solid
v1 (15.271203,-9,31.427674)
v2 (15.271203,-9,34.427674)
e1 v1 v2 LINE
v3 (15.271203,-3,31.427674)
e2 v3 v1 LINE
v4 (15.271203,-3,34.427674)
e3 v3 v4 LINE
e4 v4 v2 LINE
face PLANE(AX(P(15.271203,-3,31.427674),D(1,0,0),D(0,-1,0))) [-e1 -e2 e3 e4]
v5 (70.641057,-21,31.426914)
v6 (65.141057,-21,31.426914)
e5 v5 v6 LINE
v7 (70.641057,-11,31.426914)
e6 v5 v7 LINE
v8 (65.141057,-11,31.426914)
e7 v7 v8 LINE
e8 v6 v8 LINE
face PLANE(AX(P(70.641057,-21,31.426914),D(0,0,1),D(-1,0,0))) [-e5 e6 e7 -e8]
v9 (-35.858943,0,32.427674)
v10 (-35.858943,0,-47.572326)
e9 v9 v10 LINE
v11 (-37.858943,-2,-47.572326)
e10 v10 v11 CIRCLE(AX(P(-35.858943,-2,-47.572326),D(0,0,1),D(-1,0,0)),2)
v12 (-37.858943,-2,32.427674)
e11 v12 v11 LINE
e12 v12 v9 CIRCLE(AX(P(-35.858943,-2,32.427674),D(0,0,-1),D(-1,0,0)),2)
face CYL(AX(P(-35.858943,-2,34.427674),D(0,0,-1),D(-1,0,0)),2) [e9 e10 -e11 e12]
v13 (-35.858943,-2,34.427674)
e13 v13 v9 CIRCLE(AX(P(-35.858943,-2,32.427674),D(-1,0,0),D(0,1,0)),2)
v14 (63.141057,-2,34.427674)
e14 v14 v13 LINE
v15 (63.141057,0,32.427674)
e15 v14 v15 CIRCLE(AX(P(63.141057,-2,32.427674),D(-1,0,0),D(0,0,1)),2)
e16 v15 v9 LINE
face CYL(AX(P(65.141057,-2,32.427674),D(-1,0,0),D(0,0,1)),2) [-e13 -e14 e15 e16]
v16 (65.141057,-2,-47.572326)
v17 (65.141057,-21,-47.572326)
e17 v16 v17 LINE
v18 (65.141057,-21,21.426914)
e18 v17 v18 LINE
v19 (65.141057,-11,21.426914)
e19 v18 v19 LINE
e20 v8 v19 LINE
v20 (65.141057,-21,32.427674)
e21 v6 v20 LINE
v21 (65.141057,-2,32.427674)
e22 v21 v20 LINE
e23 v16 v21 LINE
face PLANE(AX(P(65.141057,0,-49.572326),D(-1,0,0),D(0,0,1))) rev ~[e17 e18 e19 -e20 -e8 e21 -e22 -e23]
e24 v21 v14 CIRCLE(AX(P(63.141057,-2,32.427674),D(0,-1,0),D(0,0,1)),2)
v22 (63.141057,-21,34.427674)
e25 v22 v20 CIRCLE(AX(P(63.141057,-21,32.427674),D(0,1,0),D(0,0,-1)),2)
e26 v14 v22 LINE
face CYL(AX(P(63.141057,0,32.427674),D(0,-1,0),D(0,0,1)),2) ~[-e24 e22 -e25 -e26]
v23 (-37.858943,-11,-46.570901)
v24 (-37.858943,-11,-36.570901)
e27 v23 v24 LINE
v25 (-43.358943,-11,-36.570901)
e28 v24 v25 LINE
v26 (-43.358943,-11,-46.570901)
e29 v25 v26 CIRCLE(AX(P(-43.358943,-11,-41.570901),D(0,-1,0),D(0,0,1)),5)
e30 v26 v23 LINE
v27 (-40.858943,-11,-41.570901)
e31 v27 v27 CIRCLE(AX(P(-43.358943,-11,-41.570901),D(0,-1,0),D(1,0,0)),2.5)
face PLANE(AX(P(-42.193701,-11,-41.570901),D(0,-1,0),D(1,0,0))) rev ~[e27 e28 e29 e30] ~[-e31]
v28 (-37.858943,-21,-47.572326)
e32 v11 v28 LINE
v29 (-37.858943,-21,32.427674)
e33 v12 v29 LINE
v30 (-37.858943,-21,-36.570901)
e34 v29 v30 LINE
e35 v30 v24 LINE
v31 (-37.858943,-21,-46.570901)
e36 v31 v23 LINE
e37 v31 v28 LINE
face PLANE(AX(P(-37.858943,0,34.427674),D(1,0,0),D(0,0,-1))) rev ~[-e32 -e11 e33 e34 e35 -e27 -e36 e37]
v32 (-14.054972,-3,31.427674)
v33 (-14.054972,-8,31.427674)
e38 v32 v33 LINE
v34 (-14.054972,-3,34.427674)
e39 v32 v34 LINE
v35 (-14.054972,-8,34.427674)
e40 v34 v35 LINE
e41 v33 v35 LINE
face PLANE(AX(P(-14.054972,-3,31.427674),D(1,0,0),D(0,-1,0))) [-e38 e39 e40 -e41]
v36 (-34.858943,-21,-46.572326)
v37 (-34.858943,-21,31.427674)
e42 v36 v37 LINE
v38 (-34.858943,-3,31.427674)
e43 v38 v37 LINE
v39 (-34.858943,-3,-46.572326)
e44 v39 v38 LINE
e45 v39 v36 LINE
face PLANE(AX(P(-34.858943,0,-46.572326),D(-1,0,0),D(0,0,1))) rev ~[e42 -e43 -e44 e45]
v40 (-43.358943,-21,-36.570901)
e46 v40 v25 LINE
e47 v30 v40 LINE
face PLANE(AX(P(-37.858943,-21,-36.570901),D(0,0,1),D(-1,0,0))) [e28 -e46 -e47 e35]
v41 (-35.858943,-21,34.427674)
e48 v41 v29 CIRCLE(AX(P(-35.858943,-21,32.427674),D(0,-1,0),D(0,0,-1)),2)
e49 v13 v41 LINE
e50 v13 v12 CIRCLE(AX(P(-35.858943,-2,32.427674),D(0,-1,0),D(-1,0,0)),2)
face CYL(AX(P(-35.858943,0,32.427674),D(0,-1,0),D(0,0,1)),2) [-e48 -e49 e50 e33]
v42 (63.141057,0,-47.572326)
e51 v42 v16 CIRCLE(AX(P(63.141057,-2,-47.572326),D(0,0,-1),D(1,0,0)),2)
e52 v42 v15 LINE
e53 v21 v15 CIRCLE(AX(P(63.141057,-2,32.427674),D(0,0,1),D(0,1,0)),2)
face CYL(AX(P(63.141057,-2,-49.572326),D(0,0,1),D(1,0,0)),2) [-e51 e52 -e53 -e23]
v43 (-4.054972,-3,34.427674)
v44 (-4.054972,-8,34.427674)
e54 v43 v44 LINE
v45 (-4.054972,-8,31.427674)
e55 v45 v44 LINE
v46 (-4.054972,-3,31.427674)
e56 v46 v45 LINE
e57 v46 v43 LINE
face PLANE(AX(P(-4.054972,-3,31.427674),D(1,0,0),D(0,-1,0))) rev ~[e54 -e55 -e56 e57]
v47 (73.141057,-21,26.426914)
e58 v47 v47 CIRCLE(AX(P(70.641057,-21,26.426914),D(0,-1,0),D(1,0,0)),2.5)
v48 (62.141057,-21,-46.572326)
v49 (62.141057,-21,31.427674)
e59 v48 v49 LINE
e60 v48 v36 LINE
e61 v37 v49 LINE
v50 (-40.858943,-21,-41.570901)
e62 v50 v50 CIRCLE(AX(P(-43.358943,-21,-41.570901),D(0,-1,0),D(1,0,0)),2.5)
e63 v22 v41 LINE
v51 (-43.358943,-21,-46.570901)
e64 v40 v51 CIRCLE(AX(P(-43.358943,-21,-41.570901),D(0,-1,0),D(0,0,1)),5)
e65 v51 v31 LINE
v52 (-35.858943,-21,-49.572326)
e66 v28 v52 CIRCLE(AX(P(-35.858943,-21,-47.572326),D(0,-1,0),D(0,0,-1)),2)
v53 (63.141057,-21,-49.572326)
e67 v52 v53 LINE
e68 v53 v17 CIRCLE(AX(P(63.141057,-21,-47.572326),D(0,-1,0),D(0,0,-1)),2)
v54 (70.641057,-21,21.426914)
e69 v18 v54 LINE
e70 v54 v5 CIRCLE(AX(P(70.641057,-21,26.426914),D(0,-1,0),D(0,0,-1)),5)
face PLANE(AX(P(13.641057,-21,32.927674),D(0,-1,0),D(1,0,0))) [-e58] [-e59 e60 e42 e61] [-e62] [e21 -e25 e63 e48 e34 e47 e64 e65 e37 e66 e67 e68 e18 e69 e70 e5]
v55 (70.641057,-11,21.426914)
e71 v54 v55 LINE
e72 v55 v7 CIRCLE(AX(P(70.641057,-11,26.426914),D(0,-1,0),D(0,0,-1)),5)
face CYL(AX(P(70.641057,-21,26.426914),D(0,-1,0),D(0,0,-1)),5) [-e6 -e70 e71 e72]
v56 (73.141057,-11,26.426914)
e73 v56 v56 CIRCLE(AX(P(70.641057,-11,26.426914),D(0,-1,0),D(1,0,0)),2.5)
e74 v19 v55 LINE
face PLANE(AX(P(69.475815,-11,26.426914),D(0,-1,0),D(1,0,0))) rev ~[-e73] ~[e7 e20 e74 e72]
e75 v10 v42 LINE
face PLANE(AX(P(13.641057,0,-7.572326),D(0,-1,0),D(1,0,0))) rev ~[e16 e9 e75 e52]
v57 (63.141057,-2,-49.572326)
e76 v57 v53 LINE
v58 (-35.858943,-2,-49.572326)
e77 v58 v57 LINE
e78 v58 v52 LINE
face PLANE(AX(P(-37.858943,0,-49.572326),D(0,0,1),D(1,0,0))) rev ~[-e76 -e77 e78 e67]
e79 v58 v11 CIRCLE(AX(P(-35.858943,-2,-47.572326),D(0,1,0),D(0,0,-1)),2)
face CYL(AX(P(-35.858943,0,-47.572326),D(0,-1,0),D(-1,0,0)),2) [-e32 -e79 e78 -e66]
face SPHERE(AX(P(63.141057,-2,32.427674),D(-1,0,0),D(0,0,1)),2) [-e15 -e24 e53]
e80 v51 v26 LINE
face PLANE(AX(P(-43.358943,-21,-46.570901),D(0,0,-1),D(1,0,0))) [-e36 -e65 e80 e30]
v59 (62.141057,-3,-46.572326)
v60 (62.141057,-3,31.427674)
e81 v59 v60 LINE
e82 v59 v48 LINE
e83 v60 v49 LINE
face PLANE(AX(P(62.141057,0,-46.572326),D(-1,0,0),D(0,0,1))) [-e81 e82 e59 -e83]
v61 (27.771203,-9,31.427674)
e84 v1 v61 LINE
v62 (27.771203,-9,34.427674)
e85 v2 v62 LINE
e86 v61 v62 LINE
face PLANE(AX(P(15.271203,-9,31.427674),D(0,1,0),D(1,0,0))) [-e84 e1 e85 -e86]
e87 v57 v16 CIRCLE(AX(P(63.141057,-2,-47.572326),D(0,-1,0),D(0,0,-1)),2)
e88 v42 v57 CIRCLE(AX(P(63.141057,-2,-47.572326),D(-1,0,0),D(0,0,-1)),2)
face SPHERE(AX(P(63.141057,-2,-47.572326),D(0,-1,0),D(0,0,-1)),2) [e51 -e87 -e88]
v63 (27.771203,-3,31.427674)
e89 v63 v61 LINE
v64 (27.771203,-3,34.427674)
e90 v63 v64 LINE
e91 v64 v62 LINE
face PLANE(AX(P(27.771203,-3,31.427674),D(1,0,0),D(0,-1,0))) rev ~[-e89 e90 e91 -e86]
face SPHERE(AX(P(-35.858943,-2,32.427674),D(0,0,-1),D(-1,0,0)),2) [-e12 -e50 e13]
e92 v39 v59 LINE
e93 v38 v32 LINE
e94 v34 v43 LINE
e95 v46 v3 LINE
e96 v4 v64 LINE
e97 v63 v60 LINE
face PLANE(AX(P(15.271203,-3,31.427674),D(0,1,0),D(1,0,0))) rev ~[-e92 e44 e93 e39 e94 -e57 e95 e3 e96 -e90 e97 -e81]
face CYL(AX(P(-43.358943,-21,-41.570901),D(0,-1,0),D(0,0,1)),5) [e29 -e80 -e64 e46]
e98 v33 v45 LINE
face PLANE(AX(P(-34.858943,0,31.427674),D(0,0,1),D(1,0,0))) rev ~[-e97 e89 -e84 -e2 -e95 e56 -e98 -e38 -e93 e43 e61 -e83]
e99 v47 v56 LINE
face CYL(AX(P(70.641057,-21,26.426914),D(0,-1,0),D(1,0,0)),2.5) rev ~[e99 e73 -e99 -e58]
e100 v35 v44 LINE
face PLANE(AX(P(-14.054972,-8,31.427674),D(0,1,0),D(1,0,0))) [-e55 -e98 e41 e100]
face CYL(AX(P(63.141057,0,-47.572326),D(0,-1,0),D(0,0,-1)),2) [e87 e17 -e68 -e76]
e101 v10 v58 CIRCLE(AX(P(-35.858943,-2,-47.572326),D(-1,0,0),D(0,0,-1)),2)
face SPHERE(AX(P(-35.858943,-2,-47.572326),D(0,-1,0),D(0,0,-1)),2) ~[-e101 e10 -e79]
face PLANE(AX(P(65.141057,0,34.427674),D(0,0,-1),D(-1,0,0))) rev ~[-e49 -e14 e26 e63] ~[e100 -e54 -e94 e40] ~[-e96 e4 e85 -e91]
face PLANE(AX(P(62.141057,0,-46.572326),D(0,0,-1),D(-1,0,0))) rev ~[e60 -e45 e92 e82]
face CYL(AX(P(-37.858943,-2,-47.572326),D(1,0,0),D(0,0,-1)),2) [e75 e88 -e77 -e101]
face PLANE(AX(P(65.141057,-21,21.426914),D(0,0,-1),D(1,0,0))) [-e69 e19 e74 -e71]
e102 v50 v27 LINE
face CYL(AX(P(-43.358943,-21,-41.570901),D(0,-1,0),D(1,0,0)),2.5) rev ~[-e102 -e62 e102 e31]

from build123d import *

# Parameters (mm, degrees)
F0_W     = 3
F0_H     = 78
F1_DEPTH = 21
F2_R     = 2
F0_W_2   = 97
F3_DEPTH = 3
F4_W     = 10
F4_H     = 5
F5_DEPTH = 3
F6_R     = 2.5
F7_DEPTH = 10
F4_W_2   = 12.5
F4_H_2   = 6
F8_DEPTH = 3


with BuildPart() as f1:
    # F0 (on Front) → F1 (new body)
    with BuildSketch(Plane.XZ):
        Polygon((-37.858943, 31.427674), (-34.858943, 31.427674), (62.141057, 31.427674), (65.141057, 31.427674), (65.141057, 34.427674), (-37.858943, 34.427674), align=None)
        with Locations((-36.358943, -7.572326)):
            Rectangle(F0_W, F0_H)
        Polygon((62.141057, -46.572326), (-34.858943, -46.572326), (-37.858943, -46.572326), (-37.858943, -49.572326), (65.141057, -49.572326), (65.141057, -46.572326), align=None)
        with Locations((63.641057, -7.572326)):
            Rectangle(F0_W, F0_H)
    extrude(amount=F1_DEPTH)

    # F2
    f2_edges = [f1.edges().sort_by_distance(p)[0] for p in [
        (-37.858943, -10.5, -49.572326),
        (65.141057, -10.5, -49.572326),
        (13.641057, 0, -49.572326),
        (-37.858943, 0, -7.572326),
        (-37.858943, -10.5, 34.427674),
        (13.641057, 0, 34.427674),
        (65.141057, -10.5, 34.427674),
        (65.141057, 0, -7.572326),
    ]]
    fillet(f2_edges, radius=F2_R)

    # F0 (on Front) → F3 (join)
    with BuildSketch(Plane.XZ):
        with Locations((13.641057, -7.572326)):
            Rectangle(F0_W_2, F0_H)
    extrude(amount=F3_DEPTH)

    # F4 (on face) → F5 (cut)
    with BuildSketch(Plane(origin=(0, 0, 31.427674), x_dir=(1, 0, 0), z_dir=(0, 0, -1))):
        with Locations((-9.054972, 5.5)):
            Rectangle(F4_W, F4_H)
    extrude(amount=-F5_DEPTH, mode=Mode.SUBTRACT)

    # F6 (on face) → F7 (join)
    with BuildSketch(Plane.XZ.offset(21)):
        with BuildLine():
            Line((70.641057, 31.426914), (65.141057, 31.426914))
            Line((65.141057, 31.426914), (65.141057, 21.426914))
            Line((65.141057, 21.426914), (70.641057, 21.426914))
            ThreePointArc((70.641057, 21.426914), (75.641057, 26.426914), (70.641057, 31.426914))
        make_face()
        with Locations((70.641057, 26.426914)):
            Circle(F6_R, mode=Mode.SUBTRACT)
        with BuildLine():
            Line((-43.358943, -46.570901), (-37.858943, -46.570901))
            Line((-37.858943, -46.570901), (-37.858943, -36.570901))
            Line((-37.858943, -36.570901), (-43.358943, -36.570901))
            ThreePointArc((-43.358943, -36.570901), (-48.358943, -41.570901), (-43.358943, -46.570901))
        make_face()
        with Locations((-43.358943, -41.570901)):
            Circle(F6_R, mode=Mode.SUBTRACT)
    extrude(amount=-F7_DEPTH)

    # F4 (on face) → F8 (cut)
    with BuildSketch(Plane(origin=(0, 0, 31.427674), x_dir=(1, 0, 0), z_dir=(0, 0, -1))):
        with Locations((21.521203, 6)):
            Rectangle(F4_W_2, F4_H_2)
    extrude(amount=-F8_DEPTH, mode=Mode.SUBTRACT)


solid = f1.part
